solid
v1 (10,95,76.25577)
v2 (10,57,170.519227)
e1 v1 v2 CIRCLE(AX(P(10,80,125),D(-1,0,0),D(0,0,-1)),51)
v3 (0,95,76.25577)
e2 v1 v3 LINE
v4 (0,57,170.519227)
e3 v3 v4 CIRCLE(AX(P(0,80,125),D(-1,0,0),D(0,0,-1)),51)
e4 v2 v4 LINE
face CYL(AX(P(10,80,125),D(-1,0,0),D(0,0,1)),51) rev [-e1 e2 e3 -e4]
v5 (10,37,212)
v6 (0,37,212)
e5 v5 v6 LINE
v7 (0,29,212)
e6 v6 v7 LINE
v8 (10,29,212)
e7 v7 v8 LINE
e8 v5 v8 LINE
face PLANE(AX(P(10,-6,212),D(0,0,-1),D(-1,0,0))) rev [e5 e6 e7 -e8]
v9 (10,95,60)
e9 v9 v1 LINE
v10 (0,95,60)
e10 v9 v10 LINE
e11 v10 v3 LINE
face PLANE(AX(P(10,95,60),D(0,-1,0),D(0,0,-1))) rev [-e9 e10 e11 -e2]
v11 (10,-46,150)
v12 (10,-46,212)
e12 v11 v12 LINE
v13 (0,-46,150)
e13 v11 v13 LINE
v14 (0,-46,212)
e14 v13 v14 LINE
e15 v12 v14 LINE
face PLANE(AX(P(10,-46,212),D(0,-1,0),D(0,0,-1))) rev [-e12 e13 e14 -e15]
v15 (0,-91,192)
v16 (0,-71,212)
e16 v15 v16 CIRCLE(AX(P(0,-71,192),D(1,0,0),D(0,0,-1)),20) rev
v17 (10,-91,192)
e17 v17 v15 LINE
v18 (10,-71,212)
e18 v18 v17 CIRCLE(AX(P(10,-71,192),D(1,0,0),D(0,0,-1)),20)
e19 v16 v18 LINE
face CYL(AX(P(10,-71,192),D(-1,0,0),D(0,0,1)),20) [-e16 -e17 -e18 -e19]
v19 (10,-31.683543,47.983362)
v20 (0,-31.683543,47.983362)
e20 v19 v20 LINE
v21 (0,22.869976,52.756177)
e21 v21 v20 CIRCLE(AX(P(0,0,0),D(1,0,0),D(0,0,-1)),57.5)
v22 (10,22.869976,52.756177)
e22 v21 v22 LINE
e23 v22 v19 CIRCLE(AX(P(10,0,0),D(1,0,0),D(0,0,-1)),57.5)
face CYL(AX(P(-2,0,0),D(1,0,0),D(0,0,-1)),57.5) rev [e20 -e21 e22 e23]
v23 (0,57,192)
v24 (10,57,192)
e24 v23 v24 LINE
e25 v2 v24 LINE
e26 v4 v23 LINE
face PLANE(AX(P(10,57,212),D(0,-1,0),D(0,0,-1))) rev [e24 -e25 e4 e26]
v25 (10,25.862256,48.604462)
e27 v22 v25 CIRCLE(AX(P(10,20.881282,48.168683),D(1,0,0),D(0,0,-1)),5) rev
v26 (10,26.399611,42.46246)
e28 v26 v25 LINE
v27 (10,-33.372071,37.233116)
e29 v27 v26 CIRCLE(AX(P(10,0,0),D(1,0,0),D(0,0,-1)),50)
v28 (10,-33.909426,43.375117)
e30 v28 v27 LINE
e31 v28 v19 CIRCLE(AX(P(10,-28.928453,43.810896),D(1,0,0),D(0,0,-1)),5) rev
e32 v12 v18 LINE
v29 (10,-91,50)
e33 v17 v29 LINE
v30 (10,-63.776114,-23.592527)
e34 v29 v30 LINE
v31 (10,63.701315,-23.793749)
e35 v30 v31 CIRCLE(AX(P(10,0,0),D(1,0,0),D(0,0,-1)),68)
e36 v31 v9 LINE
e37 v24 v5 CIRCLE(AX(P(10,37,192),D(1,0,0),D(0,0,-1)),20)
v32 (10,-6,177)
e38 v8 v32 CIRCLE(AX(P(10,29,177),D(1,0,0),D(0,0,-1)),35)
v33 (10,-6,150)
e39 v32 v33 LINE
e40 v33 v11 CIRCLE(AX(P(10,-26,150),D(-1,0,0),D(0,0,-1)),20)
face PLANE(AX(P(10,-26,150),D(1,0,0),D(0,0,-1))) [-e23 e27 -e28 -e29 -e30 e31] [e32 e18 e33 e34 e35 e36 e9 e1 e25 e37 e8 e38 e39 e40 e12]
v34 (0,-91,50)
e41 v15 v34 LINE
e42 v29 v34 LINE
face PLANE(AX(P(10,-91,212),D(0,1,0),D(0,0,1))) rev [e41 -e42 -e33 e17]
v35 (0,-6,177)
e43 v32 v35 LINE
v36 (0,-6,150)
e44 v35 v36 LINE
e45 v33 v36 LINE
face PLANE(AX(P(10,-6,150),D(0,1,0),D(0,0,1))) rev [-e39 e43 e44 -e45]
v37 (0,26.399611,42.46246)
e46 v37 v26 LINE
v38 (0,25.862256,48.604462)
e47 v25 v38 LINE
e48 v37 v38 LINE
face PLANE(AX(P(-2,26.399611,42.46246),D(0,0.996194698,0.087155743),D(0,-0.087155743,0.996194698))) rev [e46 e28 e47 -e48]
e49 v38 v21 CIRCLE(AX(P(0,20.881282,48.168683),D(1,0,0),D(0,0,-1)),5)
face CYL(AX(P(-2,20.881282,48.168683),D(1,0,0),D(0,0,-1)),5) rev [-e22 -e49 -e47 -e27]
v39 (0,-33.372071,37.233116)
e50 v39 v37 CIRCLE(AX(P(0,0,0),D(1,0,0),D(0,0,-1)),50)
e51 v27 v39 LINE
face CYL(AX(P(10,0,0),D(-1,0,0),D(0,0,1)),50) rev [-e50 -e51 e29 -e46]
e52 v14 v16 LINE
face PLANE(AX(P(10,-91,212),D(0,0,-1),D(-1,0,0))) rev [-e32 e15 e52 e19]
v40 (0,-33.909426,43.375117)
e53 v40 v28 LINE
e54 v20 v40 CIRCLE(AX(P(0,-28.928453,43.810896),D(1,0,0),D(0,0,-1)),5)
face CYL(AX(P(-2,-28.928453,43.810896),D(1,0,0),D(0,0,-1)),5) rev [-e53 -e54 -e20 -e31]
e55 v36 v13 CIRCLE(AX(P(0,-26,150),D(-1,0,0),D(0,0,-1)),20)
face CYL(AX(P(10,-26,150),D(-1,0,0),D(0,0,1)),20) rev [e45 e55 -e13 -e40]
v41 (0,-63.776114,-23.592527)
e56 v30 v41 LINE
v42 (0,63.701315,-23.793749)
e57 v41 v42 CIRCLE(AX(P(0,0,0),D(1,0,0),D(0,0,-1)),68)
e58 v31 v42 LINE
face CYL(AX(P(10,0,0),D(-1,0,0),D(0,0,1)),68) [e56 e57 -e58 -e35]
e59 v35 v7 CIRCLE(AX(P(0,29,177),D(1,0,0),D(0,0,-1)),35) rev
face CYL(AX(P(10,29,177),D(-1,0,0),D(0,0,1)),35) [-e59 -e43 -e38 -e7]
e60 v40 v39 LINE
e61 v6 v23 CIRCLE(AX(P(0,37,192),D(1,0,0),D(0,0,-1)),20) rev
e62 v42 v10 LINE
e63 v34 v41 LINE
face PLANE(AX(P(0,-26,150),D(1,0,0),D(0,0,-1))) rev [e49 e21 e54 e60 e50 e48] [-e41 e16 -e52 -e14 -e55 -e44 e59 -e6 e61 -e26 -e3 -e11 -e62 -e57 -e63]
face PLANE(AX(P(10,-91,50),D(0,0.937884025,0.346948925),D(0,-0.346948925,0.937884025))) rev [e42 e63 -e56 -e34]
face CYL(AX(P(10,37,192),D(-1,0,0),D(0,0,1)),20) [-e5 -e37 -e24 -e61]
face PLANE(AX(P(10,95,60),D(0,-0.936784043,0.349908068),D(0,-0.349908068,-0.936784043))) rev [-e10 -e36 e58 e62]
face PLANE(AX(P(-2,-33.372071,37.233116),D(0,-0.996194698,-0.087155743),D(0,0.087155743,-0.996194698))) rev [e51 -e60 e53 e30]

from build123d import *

# Parameters (mm, degrees)
SKETCH_1_R          = 50
EXTRUDE_1_DEPTH     = 10
FILLET_1_R          = 20
FILLET_2_R          = 35
CUT_EXTRUDE_START   = -12
CUT_EXTRUDE_1_DEPTH = 12
FILLET_3_R          = 5


with BuildPart() as part:
    # 草图1 → 凸台-拉伸1 (new body)
    with BuildSketch(Plane(origin=(0, 0, 0), x_dir=(0, 0, -1), z_dir=(1, 0, 0))):
        with BuildLine():
            Line((-212, -91), (-50, -91))
            Line((-50, -91), (23.592526884, -63.776113673))
            ThreePointArc((23.592526884, -63.776113673), (67.999915285, -0.107337145), (23.793748654, 63.701314939))
            Line((23.793748654, 63.701314939), (-60, 95))
            Line((-60, 95), (-76.255769572, 95))
            ThreePointArc((-76.255769572, 95), (-105.931697447, 32.698838939), (-170.519226707, 57))
            Line((-170.519226707, 57), (-212, 57))
            Line((-212, 57), (-212, -6))
            Line((-212, -6), (-150, -6))
            ThreePointArc((-150, -6), (-130, -26), (-150, -46))
            Line((-150, -46), (-212, -46))
            Line((-212, -46), (-212, -91))
        make_face()
        Circle(SKETCH_1_R, mode=Mode.SUBTRACT)
    extrude(amount=EXTRUDE_1_DEPTH)

    # 圆角1
    fillet_1_edges = [part.edges().sort_by_distance(p)[0] for p in [
        (5, 57, 212),
        (5, -91, 212),
    ]]
    fillet(fillet_1_edges, radius=FILLET_1_R)

    # 圆角2
    fillet_2_edges = [part.edges().sort_by_distance(p)[0] for p in [
        (5, -6, 212),
    ]]
    fillet(fillet_2_edges, radius=FILLET_2_R)

    # 草图2 → 切除-拉伸1 (cut)
    with BuildSketch(Plane(origin=(10, 0, 0), x_dir=(0, 0, -1), z_dir=(1, 0, 0)).offset(CUT_EXTRUDE_START)):
        with BuildLine():
            Line((-42.462460206, 26.399611233), (-51.481550921, 25.61054304))
            ThreePointArc((-51.481550921, 25.61054304), (-57.28119514, -5.011455208), (-46.252206356, -34.161138845))
            Line((-46.252206356, -34.161138845), (-37.233115641, -33.372070653))
            ThreePointArc((-37.233115641, -33.372070653), (-49.809734905, -4.357787137), (-42.462460206, 26.399611233))
        make_face()
    extrude(amount=CUT_EXTRUDE_1_DEPTH, mode=Mode.SUBTRACT)

    # 圆角3
    fillet_3_edges = [part.edges().sort_by_distance(p)[0] for p in [
        (5, -34.161138845, 46.252206356),
        (5, 25.61054304, 51.481550921),
    ]]
    fillet(fillet_3_edges, radius=FILLET_3_R)


solid = part.part
